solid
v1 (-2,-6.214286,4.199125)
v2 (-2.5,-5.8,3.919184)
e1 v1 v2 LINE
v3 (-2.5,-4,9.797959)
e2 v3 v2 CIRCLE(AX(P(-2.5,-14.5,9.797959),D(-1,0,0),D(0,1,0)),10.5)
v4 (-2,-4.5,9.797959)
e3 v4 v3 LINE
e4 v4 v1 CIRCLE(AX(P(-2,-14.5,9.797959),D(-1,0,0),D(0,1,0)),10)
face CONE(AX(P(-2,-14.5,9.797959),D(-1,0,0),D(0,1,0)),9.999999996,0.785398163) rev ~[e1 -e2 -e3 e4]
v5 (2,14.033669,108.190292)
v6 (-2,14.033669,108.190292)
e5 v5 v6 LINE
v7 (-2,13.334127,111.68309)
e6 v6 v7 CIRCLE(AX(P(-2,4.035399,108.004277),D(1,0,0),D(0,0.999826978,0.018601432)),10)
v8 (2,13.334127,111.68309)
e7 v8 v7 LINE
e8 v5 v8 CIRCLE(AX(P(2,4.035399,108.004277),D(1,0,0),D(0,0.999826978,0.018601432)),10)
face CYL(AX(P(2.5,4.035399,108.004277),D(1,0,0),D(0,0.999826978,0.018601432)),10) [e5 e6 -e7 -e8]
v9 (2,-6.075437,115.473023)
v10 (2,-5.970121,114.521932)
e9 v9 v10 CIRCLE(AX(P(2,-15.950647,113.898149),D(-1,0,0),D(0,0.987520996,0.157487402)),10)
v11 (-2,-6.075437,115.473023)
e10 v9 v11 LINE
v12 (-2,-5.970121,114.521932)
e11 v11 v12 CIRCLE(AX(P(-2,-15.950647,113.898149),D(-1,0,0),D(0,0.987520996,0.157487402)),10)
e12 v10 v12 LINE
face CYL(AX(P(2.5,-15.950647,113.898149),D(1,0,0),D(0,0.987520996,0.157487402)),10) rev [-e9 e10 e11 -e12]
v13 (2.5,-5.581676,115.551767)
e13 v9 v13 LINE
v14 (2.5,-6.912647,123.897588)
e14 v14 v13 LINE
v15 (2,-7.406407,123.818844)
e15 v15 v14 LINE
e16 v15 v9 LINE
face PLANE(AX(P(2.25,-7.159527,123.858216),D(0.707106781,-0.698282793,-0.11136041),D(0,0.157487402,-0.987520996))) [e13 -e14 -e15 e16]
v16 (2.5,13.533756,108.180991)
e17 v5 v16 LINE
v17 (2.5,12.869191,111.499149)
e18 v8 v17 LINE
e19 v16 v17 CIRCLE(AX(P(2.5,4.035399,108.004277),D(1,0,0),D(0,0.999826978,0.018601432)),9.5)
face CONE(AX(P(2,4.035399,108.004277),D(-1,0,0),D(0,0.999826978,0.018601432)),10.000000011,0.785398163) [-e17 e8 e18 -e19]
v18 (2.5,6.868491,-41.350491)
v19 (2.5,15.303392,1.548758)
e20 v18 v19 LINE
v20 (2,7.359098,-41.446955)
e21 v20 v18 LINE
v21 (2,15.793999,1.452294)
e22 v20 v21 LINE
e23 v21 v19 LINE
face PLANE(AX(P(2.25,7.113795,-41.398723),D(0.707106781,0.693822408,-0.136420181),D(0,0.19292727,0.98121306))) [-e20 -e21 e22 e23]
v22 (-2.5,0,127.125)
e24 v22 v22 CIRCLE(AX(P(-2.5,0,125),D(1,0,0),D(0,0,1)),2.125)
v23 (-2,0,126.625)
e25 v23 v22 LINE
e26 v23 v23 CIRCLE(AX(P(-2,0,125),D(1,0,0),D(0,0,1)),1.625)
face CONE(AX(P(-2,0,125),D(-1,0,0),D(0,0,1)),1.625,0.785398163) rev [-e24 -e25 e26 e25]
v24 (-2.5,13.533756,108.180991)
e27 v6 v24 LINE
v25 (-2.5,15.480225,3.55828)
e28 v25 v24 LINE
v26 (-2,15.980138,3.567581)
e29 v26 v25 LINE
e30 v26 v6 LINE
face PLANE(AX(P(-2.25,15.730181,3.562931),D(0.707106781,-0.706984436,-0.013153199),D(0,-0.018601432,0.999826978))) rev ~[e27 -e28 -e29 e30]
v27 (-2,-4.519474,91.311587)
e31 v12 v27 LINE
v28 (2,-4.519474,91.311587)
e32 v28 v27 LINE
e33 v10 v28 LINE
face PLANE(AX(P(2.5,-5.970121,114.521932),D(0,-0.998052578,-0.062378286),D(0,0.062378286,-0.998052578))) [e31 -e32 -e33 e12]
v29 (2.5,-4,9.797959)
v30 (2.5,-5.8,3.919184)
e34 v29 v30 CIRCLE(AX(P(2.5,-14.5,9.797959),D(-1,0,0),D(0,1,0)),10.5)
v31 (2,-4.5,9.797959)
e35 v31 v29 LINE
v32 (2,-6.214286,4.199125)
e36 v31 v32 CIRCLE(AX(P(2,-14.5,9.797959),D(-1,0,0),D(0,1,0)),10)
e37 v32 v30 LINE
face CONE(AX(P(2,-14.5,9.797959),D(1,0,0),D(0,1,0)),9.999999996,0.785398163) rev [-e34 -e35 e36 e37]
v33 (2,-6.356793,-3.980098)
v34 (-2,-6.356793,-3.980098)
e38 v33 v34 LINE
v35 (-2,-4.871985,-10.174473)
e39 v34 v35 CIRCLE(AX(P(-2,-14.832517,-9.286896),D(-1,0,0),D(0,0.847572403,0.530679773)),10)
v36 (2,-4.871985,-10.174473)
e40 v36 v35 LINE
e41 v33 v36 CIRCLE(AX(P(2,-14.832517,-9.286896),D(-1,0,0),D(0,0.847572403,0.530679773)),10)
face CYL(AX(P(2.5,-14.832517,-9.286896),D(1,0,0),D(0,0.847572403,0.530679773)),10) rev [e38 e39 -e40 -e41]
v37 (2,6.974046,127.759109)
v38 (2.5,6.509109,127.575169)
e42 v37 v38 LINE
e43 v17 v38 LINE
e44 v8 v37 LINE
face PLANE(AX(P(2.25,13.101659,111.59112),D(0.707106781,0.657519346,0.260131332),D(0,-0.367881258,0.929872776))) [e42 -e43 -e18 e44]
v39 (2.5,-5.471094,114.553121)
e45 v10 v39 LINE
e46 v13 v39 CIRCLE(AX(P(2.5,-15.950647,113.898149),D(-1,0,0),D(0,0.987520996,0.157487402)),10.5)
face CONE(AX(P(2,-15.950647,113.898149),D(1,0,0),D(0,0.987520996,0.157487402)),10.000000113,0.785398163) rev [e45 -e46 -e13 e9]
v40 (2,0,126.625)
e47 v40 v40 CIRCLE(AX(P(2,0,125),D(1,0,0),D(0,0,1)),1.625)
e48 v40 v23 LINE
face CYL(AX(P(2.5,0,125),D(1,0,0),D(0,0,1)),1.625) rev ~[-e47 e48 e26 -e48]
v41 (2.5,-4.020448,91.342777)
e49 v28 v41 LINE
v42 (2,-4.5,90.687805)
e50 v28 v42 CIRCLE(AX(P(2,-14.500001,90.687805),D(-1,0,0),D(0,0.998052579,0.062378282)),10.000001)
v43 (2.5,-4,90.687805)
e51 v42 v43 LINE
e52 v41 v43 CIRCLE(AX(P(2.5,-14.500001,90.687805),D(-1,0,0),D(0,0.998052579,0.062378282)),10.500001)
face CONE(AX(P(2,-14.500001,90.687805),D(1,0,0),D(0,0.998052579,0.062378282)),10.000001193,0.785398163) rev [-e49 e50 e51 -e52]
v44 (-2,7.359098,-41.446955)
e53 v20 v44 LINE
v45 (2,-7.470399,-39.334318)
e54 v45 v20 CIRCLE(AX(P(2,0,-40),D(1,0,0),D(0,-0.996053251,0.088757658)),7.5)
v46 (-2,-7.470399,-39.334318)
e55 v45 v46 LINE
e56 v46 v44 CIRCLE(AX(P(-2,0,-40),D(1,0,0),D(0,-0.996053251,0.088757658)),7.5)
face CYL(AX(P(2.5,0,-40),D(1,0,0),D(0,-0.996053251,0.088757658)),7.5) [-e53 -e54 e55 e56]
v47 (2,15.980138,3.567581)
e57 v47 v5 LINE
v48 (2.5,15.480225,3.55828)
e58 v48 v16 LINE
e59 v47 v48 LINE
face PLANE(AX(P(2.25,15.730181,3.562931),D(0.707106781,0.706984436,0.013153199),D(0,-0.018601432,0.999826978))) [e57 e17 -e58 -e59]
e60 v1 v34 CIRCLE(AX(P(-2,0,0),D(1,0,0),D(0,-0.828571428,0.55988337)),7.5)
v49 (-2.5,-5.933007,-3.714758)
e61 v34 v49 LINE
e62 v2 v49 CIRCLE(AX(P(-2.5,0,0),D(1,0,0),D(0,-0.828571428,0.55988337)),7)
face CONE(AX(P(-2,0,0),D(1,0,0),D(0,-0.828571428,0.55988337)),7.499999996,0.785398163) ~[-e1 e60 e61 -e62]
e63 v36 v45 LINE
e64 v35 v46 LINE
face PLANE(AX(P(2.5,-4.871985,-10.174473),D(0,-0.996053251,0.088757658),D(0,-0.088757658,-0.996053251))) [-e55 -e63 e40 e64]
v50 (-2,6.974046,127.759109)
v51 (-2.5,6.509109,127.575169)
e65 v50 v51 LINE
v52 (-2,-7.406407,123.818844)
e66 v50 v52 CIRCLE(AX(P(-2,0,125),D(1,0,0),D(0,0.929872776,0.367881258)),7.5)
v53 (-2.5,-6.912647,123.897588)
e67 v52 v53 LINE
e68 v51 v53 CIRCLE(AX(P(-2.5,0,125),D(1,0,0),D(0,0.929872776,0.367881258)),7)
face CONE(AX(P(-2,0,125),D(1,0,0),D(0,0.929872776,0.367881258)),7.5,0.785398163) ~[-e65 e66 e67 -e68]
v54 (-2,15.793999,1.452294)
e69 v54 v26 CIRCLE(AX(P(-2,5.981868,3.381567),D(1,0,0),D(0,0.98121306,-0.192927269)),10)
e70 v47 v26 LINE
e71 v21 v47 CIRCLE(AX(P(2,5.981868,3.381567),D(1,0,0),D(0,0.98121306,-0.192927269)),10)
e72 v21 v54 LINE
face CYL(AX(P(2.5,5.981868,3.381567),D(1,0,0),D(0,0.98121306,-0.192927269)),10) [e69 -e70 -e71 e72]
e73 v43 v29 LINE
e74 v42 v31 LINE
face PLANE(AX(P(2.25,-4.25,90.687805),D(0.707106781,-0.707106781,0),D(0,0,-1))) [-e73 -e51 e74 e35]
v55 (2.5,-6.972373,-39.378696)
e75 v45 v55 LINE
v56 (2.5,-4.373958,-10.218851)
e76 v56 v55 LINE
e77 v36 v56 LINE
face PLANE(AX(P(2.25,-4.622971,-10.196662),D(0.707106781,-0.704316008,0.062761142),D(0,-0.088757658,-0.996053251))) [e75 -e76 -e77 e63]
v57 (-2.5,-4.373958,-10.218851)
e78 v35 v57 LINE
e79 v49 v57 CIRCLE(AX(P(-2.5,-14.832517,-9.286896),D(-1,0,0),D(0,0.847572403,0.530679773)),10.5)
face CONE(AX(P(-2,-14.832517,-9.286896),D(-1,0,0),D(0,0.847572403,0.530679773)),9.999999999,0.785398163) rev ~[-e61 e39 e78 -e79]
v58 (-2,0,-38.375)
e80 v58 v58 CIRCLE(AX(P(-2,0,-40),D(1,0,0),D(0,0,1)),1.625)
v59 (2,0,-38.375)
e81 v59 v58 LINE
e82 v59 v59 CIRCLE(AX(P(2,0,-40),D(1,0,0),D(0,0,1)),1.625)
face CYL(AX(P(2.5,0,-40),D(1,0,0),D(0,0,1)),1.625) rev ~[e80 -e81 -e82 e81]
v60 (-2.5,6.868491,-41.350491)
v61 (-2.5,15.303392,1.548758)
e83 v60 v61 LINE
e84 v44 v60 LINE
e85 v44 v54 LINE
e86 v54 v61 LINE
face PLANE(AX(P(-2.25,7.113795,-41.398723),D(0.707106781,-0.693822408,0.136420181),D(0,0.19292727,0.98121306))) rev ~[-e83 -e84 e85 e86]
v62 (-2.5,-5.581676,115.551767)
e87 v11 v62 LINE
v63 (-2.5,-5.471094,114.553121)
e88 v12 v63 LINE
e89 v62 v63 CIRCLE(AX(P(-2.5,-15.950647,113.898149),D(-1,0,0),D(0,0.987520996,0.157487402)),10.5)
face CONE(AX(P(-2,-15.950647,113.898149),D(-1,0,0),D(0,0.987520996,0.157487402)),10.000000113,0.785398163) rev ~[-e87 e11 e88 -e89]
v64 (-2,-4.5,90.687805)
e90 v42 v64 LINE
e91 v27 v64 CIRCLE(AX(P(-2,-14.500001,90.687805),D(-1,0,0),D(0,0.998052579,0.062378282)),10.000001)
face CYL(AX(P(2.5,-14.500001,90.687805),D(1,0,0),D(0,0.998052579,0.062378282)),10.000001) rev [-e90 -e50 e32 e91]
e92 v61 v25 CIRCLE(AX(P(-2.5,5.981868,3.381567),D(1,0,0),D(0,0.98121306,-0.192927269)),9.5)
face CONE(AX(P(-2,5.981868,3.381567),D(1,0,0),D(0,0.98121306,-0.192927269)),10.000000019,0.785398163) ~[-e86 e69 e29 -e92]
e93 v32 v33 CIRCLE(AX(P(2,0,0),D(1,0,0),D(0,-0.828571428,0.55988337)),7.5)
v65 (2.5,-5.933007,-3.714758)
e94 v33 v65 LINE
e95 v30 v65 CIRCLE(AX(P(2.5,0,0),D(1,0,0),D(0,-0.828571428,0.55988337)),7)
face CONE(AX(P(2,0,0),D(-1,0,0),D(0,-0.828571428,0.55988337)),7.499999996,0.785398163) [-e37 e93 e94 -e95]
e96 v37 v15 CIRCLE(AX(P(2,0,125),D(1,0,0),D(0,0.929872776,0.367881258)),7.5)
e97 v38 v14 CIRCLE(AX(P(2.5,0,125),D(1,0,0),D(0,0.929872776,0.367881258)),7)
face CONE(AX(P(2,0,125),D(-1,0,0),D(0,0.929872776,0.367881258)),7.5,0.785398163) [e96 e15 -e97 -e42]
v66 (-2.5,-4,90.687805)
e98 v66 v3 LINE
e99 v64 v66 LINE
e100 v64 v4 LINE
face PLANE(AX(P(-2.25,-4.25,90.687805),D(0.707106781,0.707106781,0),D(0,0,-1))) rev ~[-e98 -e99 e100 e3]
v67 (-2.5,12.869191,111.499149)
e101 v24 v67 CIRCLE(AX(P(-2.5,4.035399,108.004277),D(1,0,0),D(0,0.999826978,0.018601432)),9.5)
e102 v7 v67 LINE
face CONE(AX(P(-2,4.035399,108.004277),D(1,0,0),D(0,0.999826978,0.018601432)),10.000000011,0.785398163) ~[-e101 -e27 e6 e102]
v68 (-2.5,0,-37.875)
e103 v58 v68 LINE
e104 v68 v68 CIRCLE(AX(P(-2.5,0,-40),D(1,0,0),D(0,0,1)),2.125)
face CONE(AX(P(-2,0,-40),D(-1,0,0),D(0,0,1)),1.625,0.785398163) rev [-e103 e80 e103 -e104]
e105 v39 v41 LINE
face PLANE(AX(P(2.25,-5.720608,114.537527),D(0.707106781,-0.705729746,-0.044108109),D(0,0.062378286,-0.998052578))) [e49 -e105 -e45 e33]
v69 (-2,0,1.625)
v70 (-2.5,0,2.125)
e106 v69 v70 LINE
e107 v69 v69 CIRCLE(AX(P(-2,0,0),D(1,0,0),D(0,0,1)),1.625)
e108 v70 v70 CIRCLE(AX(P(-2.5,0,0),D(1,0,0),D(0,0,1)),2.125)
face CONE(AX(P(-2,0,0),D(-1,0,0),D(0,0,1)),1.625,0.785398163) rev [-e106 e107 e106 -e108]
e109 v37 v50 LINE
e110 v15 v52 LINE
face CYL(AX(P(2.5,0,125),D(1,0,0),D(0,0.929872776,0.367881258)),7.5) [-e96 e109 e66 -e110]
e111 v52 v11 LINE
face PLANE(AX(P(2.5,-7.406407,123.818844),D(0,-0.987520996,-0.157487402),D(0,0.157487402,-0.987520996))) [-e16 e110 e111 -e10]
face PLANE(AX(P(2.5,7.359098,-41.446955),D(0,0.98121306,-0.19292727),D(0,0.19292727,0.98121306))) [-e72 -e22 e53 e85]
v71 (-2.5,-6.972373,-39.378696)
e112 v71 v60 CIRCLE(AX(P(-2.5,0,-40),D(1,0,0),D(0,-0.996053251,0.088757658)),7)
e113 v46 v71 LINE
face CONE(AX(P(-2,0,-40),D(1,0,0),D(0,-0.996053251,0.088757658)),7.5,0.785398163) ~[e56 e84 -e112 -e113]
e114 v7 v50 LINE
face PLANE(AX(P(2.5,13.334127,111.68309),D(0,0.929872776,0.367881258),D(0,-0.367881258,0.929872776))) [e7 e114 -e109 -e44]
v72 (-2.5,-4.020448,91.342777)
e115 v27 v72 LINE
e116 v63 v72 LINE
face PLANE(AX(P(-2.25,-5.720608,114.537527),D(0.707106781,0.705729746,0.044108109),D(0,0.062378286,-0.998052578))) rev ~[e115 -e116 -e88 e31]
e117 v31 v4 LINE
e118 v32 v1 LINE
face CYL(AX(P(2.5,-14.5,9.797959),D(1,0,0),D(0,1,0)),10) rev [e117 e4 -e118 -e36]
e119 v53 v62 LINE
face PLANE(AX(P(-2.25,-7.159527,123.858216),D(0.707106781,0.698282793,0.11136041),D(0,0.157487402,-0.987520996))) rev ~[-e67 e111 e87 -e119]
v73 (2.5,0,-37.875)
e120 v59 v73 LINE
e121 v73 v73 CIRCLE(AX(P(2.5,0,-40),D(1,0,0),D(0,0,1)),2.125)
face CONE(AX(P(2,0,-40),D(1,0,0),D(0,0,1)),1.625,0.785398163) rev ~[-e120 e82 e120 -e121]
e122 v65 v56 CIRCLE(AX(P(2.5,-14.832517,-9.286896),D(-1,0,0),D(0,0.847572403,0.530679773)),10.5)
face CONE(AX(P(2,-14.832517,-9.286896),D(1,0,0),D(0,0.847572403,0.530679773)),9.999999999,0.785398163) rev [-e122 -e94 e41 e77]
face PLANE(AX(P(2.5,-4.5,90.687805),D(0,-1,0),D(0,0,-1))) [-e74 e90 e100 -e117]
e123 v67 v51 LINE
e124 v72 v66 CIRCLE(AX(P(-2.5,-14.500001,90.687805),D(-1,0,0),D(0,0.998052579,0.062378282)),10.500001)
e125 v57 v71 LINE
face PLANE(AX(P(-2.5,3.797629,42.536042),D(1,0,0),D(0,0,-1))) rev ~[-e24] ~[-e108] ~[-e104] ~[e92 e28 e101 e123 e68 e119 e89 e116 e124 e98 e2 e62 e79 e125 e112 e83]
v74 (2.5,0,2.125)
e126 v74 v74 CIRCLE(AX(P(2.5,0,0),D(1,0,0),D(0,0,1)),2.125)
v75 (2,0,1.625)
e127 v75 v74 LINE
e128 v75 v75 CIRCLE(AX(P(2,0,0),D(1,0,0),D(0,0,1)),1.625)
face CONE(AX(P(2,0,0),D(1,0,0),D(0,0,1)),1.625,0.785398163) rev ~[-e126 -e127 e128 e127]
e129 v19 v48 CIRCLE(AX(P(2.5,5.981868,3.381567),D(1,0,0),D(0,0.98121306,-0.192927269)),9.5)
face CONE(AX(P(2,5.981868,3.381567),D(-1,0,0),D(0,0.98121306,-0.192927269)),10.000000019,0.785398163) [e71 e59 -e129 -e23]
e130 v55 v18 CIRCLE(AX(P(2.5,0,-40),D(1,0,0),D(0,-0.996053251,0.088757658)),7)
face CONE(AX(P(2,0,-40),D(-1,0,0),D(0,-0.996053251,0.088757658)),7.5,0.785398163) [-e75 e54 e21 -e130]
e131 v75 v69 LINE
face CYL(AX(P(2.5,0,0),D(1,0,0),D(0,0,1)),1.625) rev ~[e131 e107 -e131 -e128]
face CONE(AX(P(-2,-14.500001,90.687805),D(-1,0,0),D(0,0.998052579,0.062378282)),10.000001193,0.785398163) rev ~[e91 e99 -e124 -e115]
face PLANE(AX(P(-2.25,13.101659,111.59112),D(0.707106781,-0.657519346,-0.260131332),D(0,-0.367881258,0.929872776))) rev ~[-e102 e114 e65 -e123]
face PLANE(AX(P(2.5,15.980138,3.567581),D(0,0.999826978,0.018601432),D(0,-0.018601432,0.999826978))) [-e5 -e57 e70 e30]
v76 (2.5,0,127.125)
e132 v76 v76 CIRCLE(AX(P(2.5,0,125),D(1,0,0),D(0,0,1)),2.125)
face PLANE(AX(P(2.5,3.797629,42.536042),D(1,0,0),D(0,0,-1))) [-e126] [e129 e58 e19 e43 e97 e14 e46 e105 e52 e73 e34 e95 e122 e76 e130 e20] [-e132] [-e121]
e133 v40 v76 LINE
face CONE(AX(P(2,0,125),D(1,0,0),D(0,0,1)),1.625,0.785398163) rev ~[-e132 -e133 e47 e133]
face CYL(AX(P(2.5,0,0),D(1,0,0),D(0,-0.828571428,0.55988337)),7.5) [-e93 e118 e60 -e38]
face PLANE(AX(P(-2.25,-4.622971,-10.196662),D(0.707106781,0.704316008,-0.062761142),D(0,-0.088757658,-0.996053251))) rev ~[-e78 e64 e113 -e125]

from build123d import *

# Parameters (mm, degrees)
SKETCH_1_R          = 1.625
SKETCH_1_R_2        = 1.575
EXTRUDE_1_DEPTH     = 5
CHAMFER_1_SIZE      = 0.5
CUT_EXTRUDE_1_DEPTH = 10
FILLET_1_R          = 1.8
CHAMFER_2_SIZE      = 0.5
EXTRUDE_2_DEPTH     = 5


with BuildPart() as part:
    # 草图1 → 凸台-拉伸1 (new body)
    with BuildSketch(Plane(origin=(2.5, 0, 0), x_dir=(0, 0, -1), z_dir=(1, 0, 0))):
        with BuildLine():
            Line((10.174472616, -4.871984543), (39.334317565, -7.47039938))
            ThreePointArc((39.334317565, -7.47039938), (47.425031601, -1.057783404), (41.446954522, 7.359097948))
            Line((41.446954522, 7.359097948), (-1.452294145, 15.793998839))
            ThreePointArc((-1.452294145, 15.793998839), (-2.504982909, 15.943374182), (-3.567581162, 15.980138025))
            Line((-3.567581162, 15.980138025), (-108.190291563, 14.033668994))
            ThreePointArc((-108.190291563, 14.033668994), (-109.968090242, 13.840675264), (-111.68308982, 13.334126973))
            Line((-111.68308982, 13.334126973), (-127.759109434, 6.974045822))
            ThreePointArc((-127.759109434, 6.974045822), (-132.233383985, -1.981957648), (-123.818844483, -7.406407472))
            Line((-123.818844483, -7.406407472), (-115.473023263, -6.075436578))
            ThreePointArc((-115.473023263, -6.075436578), (-114.998738119, -6.011395859), (-114.521932102, -5.970120756))
            Line((-114.521932102, -5.970120756), (-91.311587443, -4.519474215))
            ThreePointArc((-91.311587443, -4.519474215), (-90.999847969, -4.50486974), (-90.687804581, -4.5))
            Line((-90.687804581, -4.5), (-9.797958971, -4.5))
            ThreePointArc((-9.797958971, -4.5), (-6.870258752, -4.938171125), (-4.199125273, -6.214285714))
            ThreePointArc((-4.199125273, -6.214285714), (-0.130653307, -7.498861895), (3.980098301, -6.356793021))
            ThreePointArc((3.980098301, -6.356793021), (6.955899906, -5.107988421), (10.174472616, -4.871984543))
        make_face()
        with Locations(Location((-125, 0, 0), (0, 0, 180))):
            Circle(SKETCH_1_R, mode=Mode.SUBTRACT)
        with Locations(Location((0, 0, 0), (0, 0, 180))):
            Circle(SKETCH_1_R, mode=Mode.SUBTRACT)
        with Locations(Location((-106.5, 5, 0), (0, 0, 180))):
            Circle(SKETCH_1_R_2, mode=Mode.SUBTRACT)
        with Locations(Location((-23.5, 8.5, 0), (0, 0, 180))):
            Circle(SKETCH_1_R_2, mode=Mode.SUBTRACT)
        with Locations(Location((40, 0, 0), (0, 0, 180))):
            Circle(SKETCH_1_R, mode=Mode.SUBTRACT)
        with BuildLine():
            Line((-97.531579662, 6.980715987), (-32.542826067, 8.189809077))
            ThreePointArc((-32.542826067, 8.189809077), (-30.505969245, 6.227357985), (-32.468420338, 4.190501164))
            Line((-32.468420338, 4.190501164), (-97.457173933, 2.981408074))
            ThreePointArc((-97.457173933, 2.981408074), (-99.494030755, 4.943859166), (-97.531579662, 6.980715987))
        make_face(mode=Mode.SUBTRACT)
    extrude(amount=-EXTRUDE_1_DEPTH)

    # 倒角1
    chamfer_1_edges = [part.edges().sort_by_distance(p)[0] for p in [
        (-2.5, -1.057783404, -47.425031601),
        (2.5, -7.498861895, 0.130653307),
        (2.5, -4.938171125, 6.870258752),
        (2.5, -4.5, 50.242881776),
        (-2.5, 11.576548393, -19.997330188),
        (2.5, -4.50486974, 90.999847969),
        (2.5, -5.244797486, 102.916759772),
        (2.5, -6.011395859, 114.998738119),
        (2.5, -6.740922025, 119.645933873),
        (2.5, -1.981957648, 132.233383985),
        (2.5, 10.154086398, 119.721099627),
        (2.5, 13.840675264, 109.968090242),
        (2.5, 15.00690351, 55.878936363),
        (2.5, 15.943374182, 2.504982909),
        (2.5, 11.576548393, -19.997330188),
        (-2.5, 15.943374182, 2.504982909),
        (2.5, -1.057783404, -47.425031601),
        (2.5, -6.171191961, -24.754395091),
        (2.5, -5.107988421, -6.955899906),
        (-2.5, 15.00690351, 55.878936363),
        (-2.5, 13.840675264, 109.968090242),
        (-2.5, 10.154086398, 119.721099627),
        (-2.5, -1.981957648, 132.233383985),
        (-2.5, 0, 123.375),
        (2.5, 0, 123.375),
        (-2.5, -6.740922025, 119.645933873),
        (-2.5, 0, -1.625),
        (2.5, 0, -1.625),
        (-2.5, -6.011395859, 114.998738119),
        (-2.5, -5.244797486, 102.916759772),
        (-2.5, -5.107988421, -6.955899906),
        (-2.5, 4.943859166, 99.494030755),
        (-2.5, 7.585262532, 65.037202864),
        (-2.5, 6.227357985, 30.505969245),
        (-2.5, 3.585954619, 64.962797136),
        (2.5, 4.943859166, 99.494030755),
        (2.5, 3.585954619, 64.962797136),
        (2.5, 6.227357985, 30.505969245),
        (-2.5, -4.50486974, 90.999847969),
        (2.5, 7.585262532, 65.037202864),
        (-2.5, -4.5, 50.242881776),
        (-2.5, 5, 104.925),
        (-2.5, -4.938171125, 6.870258752),
        (2.5, 5, 104.925),
        (-2.5, 8.5, 21.925),
        (2.5, 8.5, 21.925),
        (-2.5, -7.498861895, 0.130653307),
        (-2.5, 0, -41.625),
        (2.5, 0, -41.625),
        (-2.5, -6.171191961, -24.754395091),
    ]]
    chamfer(chamfer_1_edges, length=CHAMFER_1_SIZE)

    # Sketch 3D_1 → 切除-拉伸1 (cut)
    with BuildSketch(Plane(origin=(-2.5, 5.468748942, -29.149920979), x_dir=(0, 0.09600082768489282, 0.9953812541352262), z_dir=(-1, 0, 0))):
        Polygon((0, 0), (36.636192851, 3.601725733), (36.990280632, 0), (0.354087782, -3.601725733), align=None)
    extrude(amount=-CUT_EXTRUDE_1_DEPTH, mode=Mode.SUBTRACT)

    # 圆角1
    fillet_1_edges = [part.edges().sort_by_distance(p)[0] for p in [
        (0, 1.917651385, -28.451699987),
        (0, 5.468748942, -29.149920979),
        (0, 9.019846499, 7.669510948),
        (0, 12.570944056, 6.971289956),
    ]]
    fillet(fillet_1_edges, radius=FILLET_1_R)

    # 倒角2
    chamfer_2_edges = [part.edges().sort_by_distance(p)[0] for p in [
        (-2.5, 3.693200164, -28.800810483),
        (2.5, 3.693200164, -28.800810483),
        (-2.5, 5.468748942, -10.391094519),
        (2.5, 5.468748942, -10.391094519),
        (-2.5, 9.019846499, -11.089315511),
        (2.5, 9.019846499, -11.089315511),
        (-2.5, 10.795395278, 7.320400452),
        (2.5, 10.795395278, 7.320400452),
        (2.5, 2.536667318, -28.036109575),
        (-2.5, 2.536667318, -28.036109575),
        (2.5, 5.05315853, -28.530905046),
        (-2.5, 5.05315853, -28.530905046),
        (2.5, 9.435436911, 7.050495015),
        (-2.5, 9.435436911, 7.050495015),
        (2.5, 11.951928123, 6.555699544),
        (-2.5, 11.951928123, 6.555699544),
    ]]
    chamfer(chamfer_2_edges, length=CHAMFER_2_SIZE)

    # Sketch 3D_2 → 凸台-拉伸2 (add)
    with BuildSketch(Plane(origin=(-2.5, 6.354785771, -31.987998048), x_dir=(0, -0.04894175340151768, 0.9988016343468732), z_dir=(-1, 0, 0))):
        Polygon((0, 0), (12.737020213, 4.501231483), (35.673238201, 9.911480997), (42.944661229, 8.12460219), (37.299631195, 0.841435049), (21.568572182, -2.869244472), (5.067736736, -6.761500685), align=None)
        Polygon((63.094756945, -1.716239027), (130.07937311, -0.635871261), (143.056212123, 0), (141.536284317, 10.812456461), (76.338246536, 9.760903695), (52.568858227, 8.596192404), (48.259357211, 3.036112827), (48.527202079, -2.430056119), align=None)
    extrude(amount=-EXTRUDE_2_DEPTH)


solid = part.part
